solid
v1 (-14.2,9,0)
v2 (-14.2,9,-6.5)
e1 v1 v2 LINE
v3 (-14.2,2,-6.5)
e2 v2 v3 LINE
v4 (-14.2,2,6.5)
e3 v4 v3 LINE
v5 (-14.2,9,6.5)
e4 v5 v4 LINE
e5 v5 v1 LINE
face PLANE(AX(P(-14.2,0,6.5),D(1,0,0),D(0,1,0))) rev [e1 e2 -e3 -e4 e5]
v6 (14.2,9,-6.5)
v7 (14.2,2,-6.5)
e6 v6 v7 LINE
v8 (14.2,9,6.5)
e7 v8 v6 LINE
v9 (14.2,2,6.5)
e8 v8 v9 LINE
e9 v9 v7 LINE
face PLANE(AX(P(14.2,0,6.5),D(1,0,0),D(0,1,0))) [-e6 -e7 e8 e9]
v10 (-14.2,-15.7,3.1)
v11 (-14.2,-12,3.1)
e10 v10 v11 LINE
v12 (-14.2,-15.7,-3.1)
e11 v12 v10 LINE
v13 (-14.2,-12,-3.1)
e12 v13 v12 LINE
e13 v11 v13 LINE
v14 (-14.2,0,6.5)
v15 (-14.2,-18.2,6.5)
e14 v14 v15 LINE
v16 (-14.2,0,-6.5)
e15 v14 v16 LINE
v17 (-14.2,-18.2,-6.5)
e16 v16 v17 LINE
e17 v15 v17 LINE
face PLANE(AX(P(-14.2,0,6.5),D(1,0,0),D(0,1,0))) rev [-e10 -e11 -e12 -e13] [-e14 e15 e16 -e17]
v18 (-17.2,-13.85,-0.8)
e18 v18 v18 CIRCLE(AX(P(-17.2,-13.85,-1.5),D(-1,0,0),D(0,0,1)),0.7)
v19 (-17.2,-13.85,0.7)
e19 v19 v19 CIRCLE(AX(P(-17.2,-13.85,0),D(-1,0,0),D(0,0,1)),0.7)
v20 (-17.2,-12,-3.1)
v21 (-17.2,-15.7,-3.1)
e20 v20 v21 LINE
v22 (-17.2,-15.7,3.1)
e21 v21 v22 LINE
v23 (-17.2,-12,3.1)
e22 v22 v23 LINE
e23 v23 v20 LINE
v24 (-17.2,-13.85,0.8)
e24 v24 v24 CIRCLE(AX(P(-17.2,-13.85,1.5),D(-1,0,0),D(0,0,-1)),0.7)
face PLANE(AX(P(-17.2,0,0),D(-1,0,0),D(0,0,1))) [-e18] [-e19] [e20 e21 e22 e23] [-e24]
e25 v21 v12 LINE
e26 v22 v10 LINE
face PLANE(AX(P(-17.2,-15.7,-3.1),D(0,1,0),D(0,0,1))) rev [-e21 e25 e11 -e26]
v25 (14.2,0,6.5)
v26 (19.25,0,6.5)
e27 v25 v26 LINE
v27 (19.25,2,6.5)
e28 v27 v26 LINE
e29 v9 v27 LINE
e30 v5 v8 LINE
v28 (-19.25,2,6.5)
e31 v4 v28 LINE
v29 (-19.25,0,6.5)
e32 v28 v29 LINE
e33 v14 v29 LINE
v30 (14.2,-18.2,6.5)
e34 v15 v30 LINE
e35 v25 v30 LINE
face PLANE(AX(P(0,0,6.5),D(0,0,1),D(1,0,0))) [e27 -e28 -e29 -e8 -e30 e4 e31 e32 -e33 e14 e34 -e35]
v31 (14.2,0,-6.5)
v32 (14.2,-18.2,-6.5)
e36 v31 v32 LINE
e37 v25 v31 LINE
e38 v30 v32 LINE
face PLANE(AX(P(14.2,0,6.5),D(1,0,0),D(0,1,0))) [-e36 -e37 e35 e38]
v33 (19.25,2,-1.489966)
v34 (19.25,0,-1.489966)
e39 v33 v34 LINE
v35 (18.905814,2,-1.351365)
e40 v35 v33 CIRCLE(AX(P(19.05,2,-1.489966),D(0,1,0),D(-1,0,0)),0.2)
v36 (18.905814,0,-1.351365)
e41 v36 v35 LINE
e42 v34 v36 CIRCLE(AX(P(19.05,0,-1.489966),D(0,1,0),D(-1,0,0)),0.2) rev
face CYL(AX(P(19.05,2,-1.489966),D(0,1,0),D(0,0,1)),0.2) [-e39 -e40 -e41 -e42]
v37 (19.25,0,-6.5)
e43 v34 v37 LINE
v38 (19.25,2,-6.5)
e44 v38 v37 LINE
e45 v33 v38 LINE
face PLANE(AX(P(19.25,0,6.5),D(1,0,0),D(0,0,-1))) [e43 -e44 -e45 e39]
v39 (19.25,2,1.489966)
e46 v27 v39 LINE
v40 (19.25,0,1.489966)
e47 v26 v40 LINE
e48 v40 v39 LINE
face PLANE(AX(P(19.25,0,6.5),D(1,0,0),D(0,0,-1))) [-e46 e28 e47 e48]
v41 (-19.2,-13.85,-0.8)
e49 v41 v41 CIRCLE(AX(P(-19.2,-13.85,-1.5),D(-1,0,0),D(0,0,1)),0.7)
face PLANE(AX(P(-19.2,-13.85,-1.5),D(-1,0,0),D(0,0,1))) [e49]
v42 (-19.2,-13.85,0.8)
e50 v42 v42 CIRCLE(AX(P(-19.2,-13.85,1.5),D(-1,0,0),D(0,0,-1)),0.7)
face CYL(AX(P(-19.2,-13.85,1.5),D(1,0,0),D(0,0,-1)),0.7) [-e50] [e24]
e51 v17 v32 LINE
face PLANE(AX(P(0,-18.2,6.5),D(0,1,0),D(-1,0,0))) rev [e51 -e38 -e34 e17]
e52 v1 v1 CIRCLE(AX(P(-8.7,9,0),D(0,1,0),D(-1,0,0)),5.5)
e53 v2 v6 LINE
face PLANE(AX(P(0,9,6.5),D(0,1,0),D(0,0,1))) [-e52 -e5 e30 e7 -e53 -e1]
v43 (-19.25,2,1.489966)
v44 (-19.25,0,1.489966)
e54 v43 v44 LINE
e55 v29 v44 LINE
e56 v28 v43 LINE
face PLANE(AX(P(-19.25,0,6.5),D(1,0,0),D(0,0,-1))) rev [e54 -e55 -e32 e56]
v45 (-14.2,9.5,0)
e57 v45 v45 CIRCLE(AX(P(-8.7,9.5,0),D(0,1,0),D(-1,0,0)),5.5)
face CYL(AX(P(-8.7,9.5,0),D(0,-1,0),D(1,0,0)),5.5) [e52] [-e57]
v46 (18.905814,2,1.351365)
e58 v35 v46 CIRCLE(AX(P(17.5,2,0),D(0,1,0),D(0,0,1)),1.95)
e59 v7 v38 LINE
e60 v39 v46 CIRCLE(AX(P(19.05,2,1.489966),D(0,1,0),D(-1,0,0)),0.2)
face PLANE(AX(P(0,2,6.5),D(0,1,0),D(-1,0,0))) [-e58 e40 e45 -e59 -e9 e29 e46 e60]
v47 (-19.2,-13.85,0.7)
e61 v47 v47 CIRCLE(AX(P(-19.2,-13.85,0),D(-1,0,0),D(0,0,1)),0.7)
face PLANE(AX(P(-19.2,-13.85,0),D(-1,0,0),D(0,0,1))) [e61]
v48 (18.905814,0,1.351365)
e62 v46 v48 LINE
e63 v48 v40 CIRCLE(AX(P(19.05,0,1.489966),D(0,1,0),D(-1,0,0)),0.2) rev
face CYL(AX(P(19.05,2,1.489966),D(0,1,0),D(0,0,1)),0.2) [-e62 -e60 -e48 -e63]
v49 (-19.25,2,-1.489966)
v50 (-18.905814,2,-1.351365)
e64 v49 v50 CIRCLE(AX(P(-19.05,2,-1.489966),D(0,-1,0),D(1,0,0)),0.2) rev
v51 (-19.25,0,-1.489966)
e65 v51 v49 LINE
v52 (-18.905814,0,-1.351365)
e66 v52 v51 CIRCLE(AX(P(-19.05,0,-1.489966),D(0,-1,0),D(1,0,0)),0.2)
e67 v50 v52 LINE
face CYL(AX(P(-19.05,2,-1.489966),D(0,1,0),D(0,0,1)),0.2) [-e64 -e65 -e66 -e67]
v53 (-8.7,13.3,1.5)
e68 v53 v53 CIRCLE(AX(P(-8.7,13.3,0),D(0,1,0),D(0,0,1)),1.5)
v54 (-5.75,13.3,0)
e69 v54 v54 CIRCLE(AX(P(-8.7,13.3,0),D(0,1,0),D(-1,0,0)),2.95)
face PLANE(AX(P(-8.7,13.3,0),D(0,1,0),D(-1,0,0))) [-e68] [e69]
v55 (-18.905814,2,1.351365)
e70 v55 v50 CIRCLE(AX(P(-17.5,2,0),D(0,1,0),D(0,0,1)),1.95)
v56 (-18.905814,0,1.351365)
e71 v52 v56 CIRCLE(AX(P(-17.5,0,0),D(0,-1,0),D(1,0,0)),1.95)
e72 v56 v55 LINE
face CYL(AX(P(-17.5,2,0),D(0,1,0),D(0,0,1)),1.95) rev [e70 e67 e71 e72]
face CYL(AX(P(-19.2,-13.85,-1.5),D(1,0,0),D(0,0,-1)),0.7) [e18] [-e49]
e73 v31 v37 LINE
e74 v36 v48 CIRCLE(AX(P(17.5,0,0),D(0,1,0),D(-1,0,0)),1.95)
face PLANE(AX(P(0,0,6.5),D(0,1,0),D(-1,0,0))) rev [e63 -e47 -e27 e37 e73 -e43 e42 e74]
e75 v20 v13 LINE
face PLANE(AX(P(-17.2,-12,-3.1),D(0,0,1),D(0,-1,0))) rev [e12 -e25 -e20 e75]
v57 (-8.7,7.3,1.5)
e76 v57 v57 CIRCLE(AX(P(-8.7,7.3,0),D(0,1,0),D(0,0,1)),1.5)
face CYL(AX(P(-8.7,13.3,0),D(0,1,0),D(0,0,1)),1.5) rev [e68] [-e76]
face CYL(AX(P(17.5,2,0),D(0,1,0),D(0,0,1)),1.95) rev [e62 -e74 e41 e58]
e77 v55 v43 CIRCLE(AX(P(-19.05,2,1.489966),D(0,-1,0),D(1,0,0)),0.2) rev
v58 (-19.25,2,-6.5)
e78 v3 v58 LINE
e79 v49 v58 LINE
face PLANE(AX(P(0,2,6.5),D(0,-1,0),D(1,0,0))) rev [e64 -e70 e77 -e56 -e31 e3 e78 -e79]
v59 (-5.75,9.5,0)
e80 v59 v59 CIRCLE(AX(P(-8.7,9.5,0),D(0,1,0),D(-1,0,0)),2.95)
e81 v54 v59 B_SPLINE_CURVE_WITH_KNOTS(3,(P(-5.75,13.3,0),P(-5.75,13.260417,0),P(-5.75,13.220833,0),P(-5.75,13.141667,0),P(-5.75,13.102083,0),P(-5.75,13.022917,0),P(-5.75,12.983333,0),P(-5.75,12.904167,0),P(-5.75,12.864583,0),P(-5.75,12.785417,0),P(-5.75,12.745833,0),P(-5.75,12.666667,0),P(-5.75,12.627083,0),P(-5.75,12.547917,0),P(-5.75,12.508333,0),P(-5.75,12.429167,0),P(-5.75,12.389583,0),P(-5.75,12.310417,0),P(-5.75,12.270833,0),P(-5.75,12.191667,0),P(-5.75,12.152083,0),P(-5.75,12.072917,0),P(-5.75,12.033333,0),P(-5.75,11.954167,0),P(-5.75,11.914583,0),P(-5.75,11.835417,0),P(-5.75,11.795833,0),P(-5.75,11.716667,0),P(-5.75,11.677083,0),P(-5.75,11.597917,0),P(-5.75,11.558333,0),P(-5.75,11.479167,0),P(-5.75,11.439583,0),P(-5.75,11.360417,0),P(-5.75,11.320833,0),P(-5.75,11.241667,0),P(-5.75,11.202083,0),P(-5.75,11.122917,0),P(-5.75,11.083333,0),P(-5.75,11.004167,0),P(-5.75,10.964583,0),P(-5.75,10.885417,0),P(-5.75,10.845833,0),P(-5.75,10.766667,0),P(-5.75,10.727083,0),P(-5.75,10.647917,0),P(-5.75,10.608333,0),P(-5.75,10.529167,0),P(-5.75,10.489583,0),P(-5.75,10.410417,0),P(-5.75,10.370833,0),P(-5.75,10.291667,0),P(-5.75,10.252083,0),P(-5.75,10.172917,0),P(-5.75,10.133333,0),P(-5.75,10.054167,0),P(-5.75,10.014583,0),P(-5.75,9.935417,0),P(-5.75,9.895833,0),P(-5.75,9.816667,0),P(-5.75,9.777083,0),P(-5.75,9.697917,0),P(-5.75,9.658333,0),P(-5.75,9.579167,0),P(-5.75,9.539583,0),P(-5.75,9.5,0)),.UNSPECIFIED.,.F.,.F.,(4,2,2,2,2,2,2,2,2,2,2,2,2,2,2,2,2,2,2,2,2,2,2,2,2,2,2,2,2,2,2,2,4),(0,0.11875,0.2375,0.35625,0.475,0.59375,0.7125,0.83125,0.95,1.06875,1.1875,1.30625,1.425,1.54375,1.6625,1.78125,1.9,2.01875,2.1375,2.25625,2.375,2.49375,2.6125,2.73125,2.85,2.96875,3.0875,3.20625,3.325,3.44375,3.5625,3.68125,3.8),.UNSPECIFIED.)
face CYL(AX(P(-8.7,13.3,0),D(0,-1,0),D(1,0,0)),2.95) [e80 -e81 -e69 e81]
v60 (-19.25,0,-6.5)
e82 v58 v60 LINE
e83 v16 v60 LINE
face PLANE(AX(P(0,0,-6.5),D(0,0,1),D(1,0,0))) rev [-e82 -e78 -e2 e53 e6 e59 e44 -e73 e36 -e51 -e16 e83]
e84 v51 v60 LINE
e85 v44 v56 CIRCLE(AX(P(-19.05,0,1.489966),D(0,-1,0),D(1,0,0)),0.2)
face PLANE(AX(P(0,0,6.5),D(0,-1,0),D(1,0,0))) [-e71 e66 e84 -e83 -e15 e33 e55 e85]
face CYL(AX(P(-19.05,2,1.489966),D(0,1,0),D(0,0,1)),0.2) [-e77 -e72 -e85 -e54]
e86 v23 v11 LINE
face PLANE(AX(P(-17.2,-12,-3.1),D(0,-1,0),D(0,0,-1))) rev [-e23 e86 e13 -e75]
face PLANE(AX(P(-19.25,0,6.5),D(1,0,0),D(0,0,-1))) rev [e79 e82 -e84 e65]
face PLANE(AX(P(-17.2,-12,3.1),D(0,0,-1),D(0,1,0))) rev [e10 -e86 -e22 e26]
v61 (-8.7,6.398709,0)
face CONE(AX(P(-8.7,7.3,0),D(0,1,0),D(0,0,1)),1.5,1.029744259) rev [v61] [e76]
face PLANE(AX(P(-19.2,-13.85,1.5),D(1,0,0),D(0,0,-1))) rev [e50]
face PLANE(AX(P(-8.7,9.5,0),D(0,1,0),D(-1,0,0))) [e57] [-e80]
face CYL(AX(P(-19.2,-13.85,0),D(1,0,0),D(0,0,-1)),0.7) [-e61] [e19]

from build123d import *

# Parameters (mm, degrees)
ESQUISSE1_W                       = 28.4
ESQUISSE1_H                       = 27.2
ESQUISSE1_W_2                     = 5.05
ESQUISSE1_H_2                     = 2
BOSS_EXTRU_1_DEPTH                = 6.5
DIAM_TRE_DU_PER_AGE_3_9_3_9_1_D   = 3.9
CONG_1_R                          = 0.2
ESQUISSE6_R                       = 5.5
BOSS_EXTRU_4_DEPTH                = 0.5
ESQUISSE4_R                       = 2.95
BOSS_EXTRU_2_DEPTH                = 3.8
DIAM_TRE_DU_PER_AGE_3_0_3_1_D     = 3
DIAM_TRE_DU_PER_AGE_3_0_3_1_DEPTH = 6
DIAM_TRE_DU_PER_AGE_3_0_3_1_TIP   = 0.901290929
ESQUISSE8_W                       = 6.2
ESQUISSE8_H                       = 3.7
BOSS_EXTRU_5_DEPTH                = 3
ESQUISSE9_R                       = 0.7
BOSS_EXTRU_6_DEPTH                = 2


with BuildPart() as part:
    # Esquisse1 → Boss.-Extru.1 (new, symmetric)
    with BuildSketch(Plane.XY):
        with Locations((0, -4.6)):
            Rectangle(ESQUISSE1_W, ESQUISSE1_H)
        with Locations((-16.725, 1)):
            Rectangle(ESQUISSE1_W_2, ESQUISSE1_H_2)
        with Locations((16.725, 1)):
            Rectangle(ESQUISSE1_W_2, ESQUISSE1_H_2)
    extrude(amount=BOSS_EXTRU_1_DEPTH, both=True)

    # Diamètre du perçage Ø3.9 (3.9)1 (through all)
    with Locations(Plane(origin=(0, 2, 0), x_dir=(1, 0, 0), z_dir=(0, 1, 0))):
        with Locations((-17.5, 0), (17.5, 0)):
            Hole(DIAM_TRE_DU_PER_AGE_3_9_3_9_1_D / 2)

    # Congé1
    cong_1_edges = [part.edges().sort_by_distance(p)[0] for p in [
        (19.25, 1, -0.860232527),
        (19.25, 1, 0.860232527),
        (-19.25, 1, -0.860232527),
        (-19.25, 1, 0.860232527),
    ]]
    fillet(cong_1_edges, radius=CONG_1_R)

    # Esquisse6 → Boss.-Extru.4 (add)
    with BuildSketch(Plane(origin=(0, 9, 0), x_dir=(1, 0, 0), z_dir=(0, 1, 0))):
        with Locations(Location((-8.7, 0, 0), (0, 0, 180))):
            Circle(ESQUISSE6_R)
    extrude(amount=BOSS_EXTRU_4_DEPTH)

    # Esquisse4 → Boss.-Extru.2 (add)
    with BuildSketch(Plane(origin=(0, 9.5, 0), x_dir=(1, 0, 0), z_dir=(0, 1, 0))):
        with Locations((-8.7, 0)):
            Circle(ESQUISSE4_R)
    extrude(amount=BOSS_EXTRU_2_DEPTH)

    # Diamètre du perçage Ø3.0 (3)1
    with Locations(Plane(origin=(0, 13.3, 0), x_dir=(1, 0, 0), z_dir=(0, 1, 0))):
        with Locations((-8.7, 0)):
            Hole(DIAM_TRE_DU_PER_AGE_3_0_3_1_D / 2, depth=DIAM_TRE_DU_PER_AGE_3_0_3_1_DEPTH)
            with Locations((0, 0, -(DIAM_TRE_DU_PER_AGE_3_0_3_1_DEPTH + DIAM_TRE_DU_PER_AGE_3_0_3_1_TIP / 2))):  # 118° drill point
                Cone(0, DIAM_TRE_DU_PER_AGE_3_0_3_1_D / 2, DIAM_TRE_DU_PER_AGE_3_0_3_1_TIP, mode=Mode.SUBTRACT)

    # Esquisse8 → Boss.-Extru.5 (add)
    with BuildSketch(Plane.ZY.offset(14.2)):
        with Locations((0, -13.85)):
            Rectangle(ESQUISSE8_W, ESQUISSE8_H)
    extrude(amount=BOSS_EXTRU_5_DEPTH)

    # Esquisse9 → Boss.-Extru.6 (add)
    with BuildSketch(Plane.ZY.offset(17.2)):
        with Locations((0, -13.85)):
            Circle(ESQUISSE9_R)
        with Locations((-1.5, -13.85)):
            Circle(ESQUISSE9_R)
        with Locations(Location((1.5, -13.85, 0), (0, 0, 180))):
            Circle(ESQUISSE9_R)
    extrude(amount=BOSS_EXTRU_6_DEPTH)


solid = part.part
